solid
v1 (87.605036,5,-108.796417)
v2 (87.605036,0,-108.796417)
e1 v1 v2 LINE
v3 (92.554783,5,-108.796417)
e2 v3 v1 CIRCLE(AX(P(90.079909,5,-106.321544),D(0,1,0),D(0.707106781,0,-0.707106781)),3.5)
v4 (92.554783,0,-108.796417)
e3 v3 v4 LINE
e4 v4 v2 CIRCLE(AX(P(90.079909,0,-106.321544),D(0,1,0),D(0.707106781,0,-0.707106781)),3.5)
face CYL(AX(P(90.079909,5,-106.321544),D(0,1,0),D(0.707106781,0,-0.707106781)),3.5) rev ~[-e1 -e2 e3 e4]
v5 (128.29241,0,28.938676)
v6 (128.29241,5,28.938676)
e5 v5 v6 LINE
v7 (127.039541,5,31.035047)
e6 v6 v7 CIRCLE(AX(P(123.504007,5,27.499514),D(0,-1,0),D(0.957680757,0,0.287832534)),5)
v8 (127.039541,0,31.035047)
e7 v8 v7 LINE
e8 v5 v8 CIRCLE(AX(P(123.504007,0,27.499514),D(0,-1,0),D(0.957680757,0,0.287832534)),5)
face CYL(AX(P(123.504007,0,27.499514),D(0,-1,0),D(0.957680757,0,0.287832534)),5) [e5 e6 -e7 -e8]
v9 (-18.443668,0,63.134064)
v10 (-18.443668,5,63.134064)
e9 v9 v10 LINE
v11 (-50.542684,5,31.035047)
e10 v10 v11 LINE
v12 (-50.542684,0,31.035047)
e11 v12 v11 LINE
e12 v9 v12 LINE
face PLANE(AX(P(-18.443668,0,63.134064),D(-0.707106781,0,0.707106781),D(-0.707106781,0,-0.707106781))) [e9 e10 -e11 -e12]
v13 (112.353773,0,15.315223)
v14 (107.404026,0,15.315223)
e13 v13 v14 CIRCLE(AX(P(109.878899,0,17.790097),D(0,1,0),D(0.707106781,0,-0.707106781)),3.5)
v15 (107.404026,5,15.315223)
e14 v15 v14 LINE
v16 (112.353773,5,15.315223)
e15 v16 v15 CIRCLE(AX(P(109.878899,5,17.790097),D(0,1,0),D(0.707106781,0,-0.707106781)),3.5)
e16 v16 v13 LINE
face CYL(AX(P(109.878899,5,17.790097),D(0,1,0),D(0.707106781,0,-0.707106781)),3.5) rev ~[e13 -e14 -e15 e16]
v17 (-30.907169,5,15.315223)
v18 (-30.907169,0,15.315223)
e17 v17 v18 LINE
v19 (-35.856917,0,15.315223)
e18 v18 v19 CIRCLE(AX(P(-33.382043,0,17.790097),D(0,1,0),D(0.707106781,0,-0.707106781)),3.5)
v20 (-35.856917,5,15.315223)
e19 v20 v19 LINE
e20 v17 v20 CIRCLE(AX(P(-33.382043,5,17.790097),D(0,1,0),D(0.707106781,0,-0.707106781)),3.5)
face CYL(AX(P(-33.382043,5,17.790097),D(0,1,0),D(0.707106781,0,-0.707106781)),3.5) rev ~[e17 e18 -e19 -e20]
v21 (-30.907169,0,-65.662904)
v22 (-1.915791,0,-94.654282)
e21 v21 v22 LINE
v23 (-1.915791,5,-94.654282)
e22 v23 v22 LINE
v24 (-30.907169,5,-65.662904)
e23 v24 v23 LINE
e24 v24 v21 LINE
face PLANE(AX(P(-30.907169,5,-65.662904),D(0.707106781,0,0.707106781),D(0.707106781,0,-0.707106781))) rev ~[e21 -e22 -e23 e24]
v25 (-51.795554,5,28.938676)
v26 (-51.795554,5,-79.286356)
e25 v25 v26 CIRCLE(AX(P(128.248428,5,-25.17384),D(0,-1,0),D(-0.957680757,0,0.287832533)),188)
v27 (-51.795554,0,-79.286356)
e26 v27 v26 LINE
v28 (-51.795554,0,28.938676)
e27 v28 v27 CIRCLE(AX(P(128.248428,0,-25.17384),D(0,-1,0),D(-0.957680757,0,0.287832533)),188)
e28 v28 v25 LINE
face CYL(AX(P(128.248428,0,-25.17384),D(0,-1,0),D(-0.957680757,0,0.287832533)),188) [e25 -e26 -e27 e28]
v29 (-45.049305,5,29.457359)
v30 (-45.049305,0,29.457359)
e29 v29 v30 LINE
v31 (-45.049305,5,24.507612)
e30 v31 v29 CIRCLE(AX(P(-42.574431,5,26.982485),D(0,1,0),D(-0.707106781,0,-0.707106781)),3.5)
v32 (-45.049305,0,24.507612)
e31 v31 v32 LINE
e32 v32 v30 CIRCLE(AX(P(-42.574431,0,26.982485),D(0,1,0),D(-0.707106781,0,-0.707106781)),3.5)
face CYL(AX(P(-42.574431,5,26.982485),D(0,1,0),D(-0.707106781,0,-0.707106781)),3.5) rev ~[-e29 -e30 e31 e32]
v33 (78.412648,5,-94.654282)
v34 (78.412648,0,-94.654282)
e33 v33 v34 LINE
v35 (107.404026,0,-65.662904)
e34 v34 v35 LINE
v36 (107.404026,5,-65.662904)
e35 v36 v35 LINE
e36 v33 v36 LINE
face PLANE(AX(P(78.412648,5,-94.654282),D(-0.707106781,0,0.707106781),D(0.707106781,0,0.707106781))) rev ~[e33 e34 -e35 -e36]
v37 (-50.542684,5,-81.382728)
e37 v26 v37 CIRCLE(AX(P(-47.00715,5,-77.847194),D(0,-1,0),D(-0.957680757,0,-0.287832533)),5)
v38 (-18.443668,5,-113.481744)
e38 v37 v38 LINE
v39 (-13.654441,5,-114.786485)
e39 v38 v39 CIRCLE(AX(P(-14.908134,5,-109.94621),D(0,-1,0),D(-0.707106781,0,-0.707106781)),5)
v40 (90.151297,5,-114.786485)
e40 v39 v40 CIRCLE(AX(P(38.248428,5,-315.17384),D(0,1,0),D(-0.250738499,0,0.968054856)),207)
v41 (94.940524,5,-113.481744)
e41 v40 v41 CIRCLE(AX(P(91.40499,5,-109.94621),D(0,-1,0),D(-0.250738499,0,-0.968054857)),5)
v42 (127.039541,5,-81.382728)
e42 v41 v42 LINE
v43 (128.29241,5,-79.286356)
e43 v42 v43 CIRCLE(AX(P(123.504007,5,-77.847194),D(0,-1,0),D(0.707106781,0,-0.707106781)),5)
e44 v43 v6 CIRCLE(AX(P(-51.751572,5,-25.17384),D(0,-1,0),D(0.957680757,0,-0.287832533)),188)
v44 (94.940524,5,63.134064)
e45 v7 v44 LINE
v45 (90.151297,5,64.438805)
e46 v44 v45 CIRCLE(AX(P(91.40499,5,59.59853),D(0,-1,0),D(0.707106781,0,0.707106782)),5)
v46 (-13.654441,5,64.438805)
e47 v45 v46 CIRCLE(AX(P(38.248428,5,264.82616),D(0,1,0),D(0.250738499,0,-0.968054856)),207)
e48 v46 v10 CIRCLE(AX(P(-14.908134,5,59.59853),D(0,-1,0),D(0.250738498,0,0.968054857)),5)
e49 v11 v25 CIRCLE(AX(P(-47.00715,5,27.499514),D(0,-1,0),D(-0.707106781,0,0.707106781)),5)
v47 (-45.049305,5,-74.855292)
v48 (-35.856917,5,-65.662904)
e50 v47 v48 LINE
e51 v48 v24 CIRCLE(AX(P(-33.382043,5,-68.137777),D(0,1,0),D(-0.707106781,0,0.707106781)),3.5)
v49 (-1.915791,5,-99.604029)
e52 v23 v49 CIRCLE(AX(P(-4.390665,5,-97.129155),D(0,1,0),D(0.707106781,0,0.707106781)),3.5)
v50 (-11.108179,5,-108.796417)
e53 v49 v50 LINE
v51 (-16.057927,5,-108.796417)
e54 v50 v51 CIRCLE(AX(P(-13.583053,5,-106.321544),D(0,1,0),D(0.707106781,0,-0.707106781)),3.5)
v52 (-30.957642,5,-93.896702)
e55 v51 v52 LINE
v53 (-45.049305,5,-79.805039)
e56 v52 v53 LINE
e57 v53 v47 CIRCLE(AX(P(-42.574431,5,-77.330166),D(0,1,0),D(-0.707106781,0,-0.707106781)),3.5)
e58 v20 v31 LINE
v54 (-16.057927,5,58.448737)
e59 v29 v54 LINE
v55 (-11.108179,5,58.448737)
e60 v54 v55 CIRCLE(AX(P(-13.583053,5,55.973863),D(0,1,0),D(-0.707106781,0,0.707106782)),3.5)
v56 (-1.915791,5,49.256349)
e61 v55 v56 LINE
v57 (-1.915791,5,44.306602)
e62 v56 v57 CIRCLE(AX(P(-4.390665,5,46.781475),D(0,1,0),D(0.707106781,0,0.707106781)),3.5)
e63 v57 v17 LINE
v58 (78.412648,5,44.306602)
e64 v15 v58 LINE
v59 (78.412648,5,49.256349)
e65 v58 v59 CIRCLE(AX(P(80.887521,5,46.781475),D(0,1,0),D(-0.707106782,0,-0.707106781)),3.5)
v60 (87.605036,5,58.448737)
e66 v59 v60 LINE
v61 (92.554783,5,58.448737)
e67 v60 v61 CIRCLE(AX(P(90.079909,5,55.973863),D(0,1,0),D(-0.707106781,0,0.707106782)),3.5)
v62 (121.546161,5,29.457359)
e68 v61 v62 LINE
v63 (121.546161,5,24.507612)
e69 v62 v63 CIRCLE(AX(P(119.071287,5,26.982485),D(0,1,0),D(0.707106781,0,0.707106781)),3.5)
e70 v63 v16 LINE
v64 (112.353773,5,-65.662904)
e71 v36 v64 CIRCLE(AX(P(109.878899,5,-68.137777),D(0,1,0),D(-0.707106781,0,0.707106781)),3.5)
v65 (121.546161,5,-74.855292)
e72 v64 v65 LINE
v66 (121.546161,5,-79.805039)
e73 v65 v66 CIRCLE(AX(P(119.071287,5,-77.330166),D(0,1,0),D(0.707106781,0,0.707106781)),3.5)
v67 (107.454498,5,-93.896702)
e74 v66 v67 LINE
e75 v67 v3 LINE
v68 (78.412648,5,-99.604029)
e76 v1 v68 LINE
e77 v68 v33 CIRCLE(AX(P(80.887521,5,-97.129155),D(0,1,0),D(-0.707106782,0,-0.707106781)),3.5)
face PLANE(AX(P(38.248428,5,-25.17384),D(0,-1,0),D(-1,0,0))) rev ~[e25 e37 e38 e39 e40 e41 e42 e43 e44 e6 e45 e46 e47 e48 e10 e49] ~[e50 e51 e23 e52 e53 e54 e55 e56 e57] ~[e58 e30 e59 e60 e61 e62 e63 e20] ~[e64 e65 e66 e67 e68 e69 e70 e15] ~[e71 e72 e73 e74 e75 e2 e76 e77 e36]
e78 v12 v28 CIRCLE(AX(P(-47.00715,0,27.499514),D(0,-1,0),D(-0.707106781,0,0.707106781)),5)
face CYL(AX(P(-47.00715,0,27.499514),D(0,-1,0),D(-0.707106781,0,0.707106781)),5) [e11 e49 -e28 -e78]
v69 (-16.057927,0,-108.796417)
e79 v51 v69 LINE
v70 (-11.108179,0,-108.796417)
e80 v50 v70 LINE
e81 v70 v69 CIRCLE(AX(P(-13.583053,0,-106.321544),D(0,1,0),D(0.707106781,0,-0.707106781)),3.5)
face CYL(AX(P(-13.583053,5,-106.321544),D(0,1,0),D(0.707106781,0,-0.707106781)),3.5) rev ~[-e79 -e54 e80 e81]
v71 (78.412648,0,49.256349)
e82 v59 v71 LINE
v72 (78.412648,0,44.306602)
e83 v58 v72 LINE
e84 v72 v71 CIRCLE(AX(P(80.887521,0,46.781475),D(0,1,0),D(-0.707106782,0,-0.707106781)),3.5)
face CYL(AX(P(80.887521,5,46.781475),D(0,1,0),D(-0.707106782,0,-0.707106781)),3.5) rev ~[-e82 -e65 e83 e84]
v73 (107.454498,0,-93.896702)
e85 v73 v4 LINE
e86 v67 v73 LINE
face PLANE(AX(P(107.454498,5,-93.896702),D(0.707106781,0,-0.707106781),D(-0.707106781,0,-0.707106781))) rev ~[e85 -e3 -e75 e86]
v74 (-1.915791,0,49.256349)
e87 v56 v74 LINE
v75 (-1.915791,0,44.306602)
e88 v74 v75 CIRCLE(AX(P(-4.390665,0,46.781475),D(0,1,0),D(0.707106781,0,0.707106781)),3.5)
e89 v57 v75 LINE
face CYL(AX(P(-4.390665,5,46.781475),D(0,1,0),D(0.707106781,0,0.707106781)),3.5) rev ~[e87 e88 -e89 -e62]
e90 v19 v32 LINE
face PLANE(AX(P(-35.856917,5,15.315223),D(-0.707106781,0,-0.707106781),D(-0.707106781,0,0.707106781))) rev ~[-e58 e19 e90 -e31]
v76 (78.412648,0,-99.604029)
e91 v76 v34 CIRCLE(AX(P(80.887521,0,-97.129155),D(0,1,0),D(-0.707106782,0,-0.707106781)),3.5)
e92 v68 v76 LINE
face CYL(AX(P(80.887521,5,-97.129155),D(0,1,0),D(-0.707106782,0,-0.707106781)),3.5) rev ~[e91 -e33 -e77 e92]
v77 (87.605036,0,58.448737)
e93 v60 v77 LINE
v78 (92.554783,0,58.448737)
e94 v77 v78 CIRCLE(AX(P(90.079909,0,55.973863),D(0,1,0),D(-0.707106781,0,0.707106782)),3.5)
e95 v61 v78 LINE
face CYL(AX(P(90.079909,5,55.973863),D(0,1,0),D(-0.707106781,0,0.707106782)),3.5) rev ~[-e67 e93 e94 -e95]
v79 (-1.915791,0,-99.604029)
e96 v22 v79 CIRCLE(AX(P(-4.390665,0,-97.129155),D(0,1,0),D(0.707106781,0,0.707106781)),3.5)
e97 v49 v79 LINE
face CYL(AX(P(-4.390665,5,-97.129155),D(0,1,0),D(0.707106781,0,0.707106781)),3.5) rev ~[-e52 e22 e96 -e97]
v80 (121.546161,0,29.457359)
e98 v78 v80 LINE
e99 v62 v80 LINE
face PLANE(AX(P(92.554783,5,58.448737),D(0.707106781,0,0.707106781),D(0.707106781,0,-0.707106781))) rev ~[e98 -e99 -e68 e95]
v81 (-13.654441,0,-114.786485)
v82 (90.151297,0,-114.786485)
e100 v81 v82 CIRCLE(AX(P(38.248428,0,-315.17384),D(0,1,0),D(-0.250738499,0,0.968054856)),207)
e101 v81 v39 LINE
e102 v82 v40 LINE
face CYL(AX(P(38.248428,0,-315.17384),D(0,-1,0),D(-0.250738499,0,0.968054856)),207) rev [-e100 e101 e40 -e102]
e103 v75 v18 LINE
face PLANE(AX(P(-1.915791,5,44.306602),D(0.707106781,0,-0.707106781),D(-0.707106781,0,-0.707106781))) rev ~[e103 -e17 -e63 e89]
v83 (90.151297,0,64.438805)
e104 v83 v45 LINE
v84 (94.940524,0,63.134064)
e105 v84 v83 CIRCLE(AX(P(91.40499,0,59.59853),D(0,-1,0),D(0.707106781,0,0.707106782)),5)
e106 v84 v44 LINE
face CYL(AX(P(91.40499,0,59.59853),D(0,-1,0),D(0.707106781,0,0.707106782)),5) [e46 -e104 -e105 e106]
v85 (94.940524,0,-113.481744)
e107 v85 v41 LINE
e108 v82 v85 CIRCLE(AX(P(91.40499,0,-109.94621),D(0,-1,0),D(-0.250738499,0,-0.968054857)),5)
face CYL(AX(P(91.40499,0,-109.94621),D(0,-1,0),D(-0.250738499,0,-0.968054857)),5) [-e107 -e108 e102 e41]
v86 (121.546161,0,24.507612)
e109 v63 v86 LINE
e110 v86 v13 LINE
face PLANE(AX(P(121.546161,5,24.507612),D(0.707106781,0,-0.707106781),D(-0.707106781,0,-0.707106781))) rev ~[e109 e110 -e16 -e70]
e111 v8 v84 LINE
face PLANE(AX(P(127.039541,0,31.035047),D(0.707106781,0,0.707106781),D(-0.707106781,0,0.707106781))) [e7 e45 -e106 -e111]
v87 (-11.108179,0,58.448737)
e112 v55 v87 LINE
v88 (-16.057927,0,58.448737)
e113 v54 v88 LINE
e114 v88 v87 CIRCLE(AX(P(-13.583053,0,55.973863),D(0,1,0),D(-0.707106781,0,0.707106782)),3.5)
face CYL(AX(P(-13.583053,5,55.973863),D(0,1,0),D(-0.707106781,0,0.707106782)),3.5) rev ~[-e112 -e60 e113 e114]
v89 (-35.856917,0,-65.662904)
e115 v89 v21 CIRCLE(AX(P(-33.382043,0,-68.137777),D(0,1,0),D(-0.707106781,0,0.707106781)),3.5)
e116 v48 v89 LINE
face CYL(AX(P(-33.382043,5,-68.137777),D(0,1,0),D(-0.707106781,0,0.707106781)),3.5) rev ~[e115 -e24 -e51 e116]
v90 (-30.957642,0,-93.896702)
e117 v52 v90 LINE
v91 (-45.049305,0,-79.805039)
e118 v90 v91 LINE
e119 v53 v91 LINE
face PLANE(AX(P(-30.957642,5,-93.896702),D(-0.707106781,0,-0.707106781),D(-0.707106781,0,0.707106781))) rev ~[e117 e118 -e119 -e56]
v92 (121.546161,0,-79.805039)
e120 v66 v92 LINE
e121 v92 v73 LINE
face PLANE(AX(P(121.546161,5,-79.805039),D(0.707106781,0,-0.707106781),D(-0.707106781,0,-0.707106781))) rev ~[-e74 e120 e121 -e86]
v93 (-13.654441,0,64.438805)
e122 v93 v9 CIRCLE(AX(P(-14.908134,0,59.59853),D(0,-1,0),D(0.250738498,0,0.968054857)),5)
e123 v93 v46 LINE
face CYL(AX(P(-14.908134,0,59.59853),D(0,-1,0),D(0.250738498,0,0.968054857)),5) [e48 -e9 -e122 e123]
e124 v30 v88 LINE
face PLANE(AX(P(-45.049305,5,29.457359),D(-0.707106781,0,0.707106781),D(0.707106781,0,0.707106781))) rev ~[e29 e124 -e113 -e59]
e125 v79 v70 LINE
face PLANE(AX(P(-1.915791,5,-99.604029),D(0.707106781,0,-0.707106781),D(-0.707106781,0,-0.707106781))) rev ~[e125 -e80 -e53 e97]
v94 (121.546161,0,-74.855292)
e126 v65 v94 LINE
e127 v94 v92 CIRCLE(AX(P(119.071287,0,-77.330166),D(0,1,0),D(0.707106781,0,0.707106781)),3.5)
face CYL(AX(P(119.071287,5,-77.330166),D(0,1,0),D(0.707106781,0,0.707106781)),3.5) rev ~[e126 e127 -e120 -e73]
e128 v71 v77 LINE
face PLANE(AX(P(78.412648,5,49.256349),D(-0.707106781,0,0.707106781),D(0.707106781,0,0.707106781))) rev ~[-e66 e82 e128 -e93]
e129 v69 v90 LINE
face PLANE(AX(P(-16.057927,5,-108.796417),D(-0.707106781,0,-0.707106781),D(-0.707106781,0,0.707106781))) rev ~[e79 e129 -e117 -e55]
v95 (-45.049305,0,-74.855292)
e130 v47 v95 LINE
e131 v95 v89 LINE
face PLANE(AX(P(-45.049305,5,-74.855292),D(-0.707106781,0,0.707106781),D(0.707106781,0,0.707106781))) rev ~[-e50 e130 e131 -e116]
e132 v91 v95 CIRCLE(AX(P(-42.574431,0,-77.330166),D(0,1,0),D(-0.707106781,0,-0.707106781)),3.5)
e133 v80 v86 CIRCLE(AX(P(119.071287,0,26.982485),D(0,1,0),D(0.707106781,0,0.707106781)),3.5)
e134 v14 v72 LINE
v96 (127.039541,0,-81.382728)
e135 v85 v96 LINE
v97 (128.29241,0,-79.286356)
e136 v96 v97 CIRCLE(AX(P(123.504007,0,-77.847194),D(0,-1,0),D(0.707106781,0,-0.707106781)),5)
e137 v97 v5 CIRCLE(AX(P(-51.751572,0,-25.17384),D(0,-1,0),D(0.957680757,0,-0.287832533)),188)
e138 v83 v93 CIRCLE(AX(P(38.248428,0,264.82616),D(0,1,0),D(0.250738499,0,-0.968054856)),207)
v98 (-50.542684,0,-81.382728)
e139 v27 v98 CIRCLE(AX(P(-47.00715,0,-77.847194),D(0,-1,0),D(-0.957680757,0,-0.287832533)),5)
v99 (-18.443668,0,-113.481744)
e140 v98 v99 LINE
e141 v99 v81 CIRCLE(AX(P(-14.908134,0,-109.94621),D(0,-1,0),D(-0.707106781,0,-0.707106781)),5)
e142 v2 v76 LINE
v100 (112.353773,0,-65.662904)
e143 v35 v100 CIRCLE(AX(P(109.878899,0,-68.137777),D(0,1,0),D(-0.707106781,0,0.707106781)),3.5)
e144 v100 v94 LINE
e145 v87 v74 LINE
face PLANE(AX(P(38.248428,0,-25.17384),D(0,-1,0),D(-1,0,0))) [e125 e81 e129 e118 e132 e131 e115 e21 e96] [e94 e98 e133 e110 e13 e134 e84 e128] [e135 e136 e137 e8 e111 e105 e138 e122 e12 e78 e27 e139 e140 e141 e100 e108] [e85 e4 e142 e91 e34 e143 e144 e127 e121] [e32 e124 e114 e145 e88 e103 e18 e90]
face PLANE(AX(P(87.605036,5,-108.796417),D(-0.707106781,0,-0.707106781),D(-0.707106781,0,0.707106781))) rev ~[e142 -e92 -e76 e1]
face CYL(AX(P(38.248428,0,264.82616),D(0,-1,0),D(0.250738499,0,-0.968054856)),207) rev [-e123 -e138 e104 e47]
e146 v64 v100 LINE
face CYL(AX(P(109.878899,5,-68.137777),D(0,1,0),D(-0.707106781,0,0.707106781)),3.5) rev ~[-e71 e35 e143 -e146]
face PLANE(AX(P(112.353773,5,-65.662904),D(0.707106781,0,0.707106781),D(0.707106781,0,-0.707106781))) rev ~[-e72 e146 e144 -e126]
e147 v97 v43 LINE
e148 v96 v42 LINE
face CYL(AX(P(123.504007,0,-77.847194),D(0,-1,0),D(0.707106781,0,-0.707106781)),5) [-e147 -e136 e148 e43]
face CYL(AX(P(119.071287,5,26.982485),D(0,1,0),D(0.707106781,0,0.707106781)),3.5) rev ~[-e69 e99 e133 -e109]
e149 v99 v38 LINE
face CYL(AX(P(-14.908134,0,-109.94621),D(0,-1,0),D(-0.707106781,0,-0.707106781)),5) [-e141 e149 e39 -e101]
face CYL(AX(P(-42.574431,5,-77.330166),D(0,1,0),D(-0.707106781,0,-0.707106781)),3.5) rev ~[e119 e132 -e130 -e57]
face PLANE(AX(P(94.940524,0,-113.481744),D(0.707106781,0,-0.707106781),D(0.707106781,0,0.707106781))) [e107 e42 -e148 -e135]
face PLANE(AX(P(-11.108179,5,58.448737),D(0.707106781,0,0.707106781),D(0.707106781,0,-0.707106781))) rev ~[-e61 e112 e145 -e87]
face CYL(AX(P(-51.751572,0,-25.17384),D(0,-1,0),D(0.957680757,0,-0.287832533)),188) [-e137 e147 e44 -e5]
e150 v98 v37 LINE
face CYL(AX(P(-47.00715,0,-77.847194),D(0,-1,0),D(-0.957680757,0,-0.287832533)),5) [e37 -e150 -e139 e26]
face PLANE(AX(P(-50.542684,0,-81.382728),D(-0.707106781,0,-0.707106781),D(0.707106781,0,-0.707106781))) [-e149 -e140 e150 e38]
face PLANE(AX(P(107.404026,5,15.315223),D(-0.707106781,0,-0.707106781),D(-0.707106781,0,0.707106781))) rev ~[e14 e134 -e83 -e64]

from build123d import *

# Parameters (mm, degrees)
RESSALTO_EXTRUS_O2_DEPTH = 5
CORTE_EXTRUS_O1_DEPTH    = 5


with BuildPart() as part:
    # Esboço1 → Ressalto-extrusão2 (new body)
    with BuildSketch(Plane(origin=(0, 0, 0), x_dir=(1, 0, 0), z_dir=(0, 1, 0))):
        with BuildLine():
            Line((-50.542684331, 81.382727595), (-18.443667531, 113.481744396))
            ThreePointArc((-18.443667531, 113.481744396), (-16.222396505, 114.770390532), (-13.65444113, 114.786484772))
            ThreePointArc((-13.65444113, 114.786484772), (38.248428139, 108.173840066), (90.151297409, 114.786484772))
            ThreePointArc((90.151297409, 114.786484772), (92.719252784, 114.770390532), (94.94052381, 113.481744396))
            Line((94.94052381, 113.481744396), (127.03954061, 81.382727595))
            ThreePointArc((127.03954061, 81.382727595), (127.79593841, 80.412212643), (128.29241049, 79.286356356))
            ThreePointArc((128.29241049, 79.286356356), (136.248428139, 25.173840066), (128.29241049, -28.938676225))
            ThreePointArc((128.29241049, -28.938676225), (127.79593841, -30.064532511), (127.03954061, -31.035047464))
            Line((127.03954061, -31.035047464), (94.94052381, -63.134064264))
            ThreePointArc((94.94052381, -63.134064264), (92.719252784, -64.4227104), (90.151297409, -64.438804641))
            ThreePointArc((90.151297409, -64.438804641), (38.248428139, -57.826159934), (-13.65444113, -64.438804641))
            ThreePointArc((-13.65444113, -64.438804641), (-16.222396505, -64.4227104), (-18.443667531, -63.134064264))
            Line((-18.443667531, -63.134064264), (-50.542684331, -31.035047464))
            ThreePointArc((-50.542684331, -31.035047464), (-51.299082131, -30.064532511), (-51.795554211, -28.938676225))
            ThreePointArc((-51.795554211, -28.938676225), (-59.751571861, 25.173840066), (-51.795554211, 79.286356356))
            ThreePointArc((-51.795554211, 79.286356356), (-51.299082131, 80.412212643), (-50.542684331, 81.382727595))
        make_face()
    extrude(amount=RESSALTO_EXTRUS_O2_DEPTH)

    # Esboço2 → Corte-extrusão1 (cut)
    with BuildSketch(Plane(origin=(0, 5, 0), x_dir=(1, 0, 0), z_dir=(0, 1, 0))):
        with BuildLine():
            Line((-30.957642025, 93.896702089), (-45.049304874, 79.805039241))
            ThreePointArc((-45.049304874, 79.805039241), (-46.07443114, 77.330165506), (-45.049304874, 74.855291772))
            Line((-45.049304874, 74.855291772), (-35.856916719, 65.662903617))
            ThreePointArc((-35.856916719, 65.662903617), (-33.382042984, 64.637777351), (-30.90716925, 65.662903617))
            Line((-30.90716925, 65.662903617), (-1.915791222, 94.654281645))
            ThreePointArc((-1.915791222, 94.654281645), (-0.890664956, 97.12915538), (-1.915791222, 99.604029114))
            Line((-1.915791222, 99.604029114), (-11.108179377, 108.796417269))
            ThreePointArc((-11.108179377, 108.796417269), (-13.583053111, 109.821543535), (-16.057926845, 108.796417269))
            Line((-16.057926845, 108.796417269), (-30.957642025, 93.896702089))
        make_face()
        with BuildLine():
            Line((-30.957642025, -43.549021958), (-16.057926845, -58.448737138))
            ThreePointArc((-16.057926845, -58.448737138), (-13.583053111, -59.473863403), (-11.108179377, -58.448737138))
            Line((-11.108179377, -58.448737138), (-1.915791222, -49.256348982))
            ThreePointArc((-1.915791222, -49.256348982), (-0.890664956, -46.781475248), (-1.915791222, -44.306601514))
            Line((-1.915791222, -44.306601514), (-30.90716925, -15.315223485))
            ThreePointArc((-30.90716925, -15.315223485), (-33.382042984, -14.290097219), (-35.856916719, -15.315223485))
            Line((-35.856916719, -15.315223485), (-45.049304874, -24.507611641))
            ThreePointArc((-45.049304874, -24.507611641), (-46.07443114, -26.982485375), (-45.049304874, -29.457359109))
            Line((-45.049304874, -29.457359109), (-30.957642025, -43.549021958))
        make_face()
        with BuildLine():
            Line((107.454498304, -43.549021958), (121.546161153, -29.457359109))
            ThreePointArc((121.546161153, -29.457359109), (122.571287419, -26.982485375), (121.546161153, -24.507611641))
            Line((121.546161153, -24.507611641), (112.353772997, -15.315223485))
            ThreePointArc((112.353772997, -15.315223485), (109.878899263, -14.290097219), (107.404025529, -15.315223485))
            Line((107.404025529, -15.315223485), (78.4126475, -44.306601514))
            ThreePointArc((78.4126475, -44.306601514), (77.387521235, -46.781475248), (78.4126475, -49.256348982))
            Line((78.4126475, -49.256348982), (87.605035656, -58.448737138))
            ThreePointArc((87.605035656, -58.448737138), (90.07990939, -59.473863403), (92.554783124, -58.448737138))
            Line((92.554783124, -58.448737138), (107.454498304, -43.549021958))
        make_face()
        with BuildLine():
            Line((87.605035656, 108.796417269), (78.4126475, 99.604029114))
            ThreePointArc((78.4126475, 99.604029114), (77.387521235, 97.12915538), (78.4126475, 94.654281645))
            Line((78.4126475, 94.654281645), (107.404025529, 65.662903617))
            ThreePointArc((107.404025529, 65.662903617), (109.878899263, 64.637777351), (112.353772997, 65.662903617))
            Line((112.353772997, 65.662903617), (121.546161153, 74.855291772))
            ThreePointArc((121.546161153, 74.855291772), (122.571287419, 77.330165506), (121.546161153, 79.805039241))
            Line((121.546161153, 79.805039241), (107.454498304, 93.896702089))
            Line((107.454498304, 93.896702089), (92.554783124, 108.796417269))
            ThreePointArc((92.554783124, 108.796417269), (90.07990939, 109.821543535), (87.605035656, 108.796417269))
        make_face()
    extrude(amount=-CORTE_EXTRUS_O1_DEPTH, mode=Mode.SUBTRACT)


solid = part.part
